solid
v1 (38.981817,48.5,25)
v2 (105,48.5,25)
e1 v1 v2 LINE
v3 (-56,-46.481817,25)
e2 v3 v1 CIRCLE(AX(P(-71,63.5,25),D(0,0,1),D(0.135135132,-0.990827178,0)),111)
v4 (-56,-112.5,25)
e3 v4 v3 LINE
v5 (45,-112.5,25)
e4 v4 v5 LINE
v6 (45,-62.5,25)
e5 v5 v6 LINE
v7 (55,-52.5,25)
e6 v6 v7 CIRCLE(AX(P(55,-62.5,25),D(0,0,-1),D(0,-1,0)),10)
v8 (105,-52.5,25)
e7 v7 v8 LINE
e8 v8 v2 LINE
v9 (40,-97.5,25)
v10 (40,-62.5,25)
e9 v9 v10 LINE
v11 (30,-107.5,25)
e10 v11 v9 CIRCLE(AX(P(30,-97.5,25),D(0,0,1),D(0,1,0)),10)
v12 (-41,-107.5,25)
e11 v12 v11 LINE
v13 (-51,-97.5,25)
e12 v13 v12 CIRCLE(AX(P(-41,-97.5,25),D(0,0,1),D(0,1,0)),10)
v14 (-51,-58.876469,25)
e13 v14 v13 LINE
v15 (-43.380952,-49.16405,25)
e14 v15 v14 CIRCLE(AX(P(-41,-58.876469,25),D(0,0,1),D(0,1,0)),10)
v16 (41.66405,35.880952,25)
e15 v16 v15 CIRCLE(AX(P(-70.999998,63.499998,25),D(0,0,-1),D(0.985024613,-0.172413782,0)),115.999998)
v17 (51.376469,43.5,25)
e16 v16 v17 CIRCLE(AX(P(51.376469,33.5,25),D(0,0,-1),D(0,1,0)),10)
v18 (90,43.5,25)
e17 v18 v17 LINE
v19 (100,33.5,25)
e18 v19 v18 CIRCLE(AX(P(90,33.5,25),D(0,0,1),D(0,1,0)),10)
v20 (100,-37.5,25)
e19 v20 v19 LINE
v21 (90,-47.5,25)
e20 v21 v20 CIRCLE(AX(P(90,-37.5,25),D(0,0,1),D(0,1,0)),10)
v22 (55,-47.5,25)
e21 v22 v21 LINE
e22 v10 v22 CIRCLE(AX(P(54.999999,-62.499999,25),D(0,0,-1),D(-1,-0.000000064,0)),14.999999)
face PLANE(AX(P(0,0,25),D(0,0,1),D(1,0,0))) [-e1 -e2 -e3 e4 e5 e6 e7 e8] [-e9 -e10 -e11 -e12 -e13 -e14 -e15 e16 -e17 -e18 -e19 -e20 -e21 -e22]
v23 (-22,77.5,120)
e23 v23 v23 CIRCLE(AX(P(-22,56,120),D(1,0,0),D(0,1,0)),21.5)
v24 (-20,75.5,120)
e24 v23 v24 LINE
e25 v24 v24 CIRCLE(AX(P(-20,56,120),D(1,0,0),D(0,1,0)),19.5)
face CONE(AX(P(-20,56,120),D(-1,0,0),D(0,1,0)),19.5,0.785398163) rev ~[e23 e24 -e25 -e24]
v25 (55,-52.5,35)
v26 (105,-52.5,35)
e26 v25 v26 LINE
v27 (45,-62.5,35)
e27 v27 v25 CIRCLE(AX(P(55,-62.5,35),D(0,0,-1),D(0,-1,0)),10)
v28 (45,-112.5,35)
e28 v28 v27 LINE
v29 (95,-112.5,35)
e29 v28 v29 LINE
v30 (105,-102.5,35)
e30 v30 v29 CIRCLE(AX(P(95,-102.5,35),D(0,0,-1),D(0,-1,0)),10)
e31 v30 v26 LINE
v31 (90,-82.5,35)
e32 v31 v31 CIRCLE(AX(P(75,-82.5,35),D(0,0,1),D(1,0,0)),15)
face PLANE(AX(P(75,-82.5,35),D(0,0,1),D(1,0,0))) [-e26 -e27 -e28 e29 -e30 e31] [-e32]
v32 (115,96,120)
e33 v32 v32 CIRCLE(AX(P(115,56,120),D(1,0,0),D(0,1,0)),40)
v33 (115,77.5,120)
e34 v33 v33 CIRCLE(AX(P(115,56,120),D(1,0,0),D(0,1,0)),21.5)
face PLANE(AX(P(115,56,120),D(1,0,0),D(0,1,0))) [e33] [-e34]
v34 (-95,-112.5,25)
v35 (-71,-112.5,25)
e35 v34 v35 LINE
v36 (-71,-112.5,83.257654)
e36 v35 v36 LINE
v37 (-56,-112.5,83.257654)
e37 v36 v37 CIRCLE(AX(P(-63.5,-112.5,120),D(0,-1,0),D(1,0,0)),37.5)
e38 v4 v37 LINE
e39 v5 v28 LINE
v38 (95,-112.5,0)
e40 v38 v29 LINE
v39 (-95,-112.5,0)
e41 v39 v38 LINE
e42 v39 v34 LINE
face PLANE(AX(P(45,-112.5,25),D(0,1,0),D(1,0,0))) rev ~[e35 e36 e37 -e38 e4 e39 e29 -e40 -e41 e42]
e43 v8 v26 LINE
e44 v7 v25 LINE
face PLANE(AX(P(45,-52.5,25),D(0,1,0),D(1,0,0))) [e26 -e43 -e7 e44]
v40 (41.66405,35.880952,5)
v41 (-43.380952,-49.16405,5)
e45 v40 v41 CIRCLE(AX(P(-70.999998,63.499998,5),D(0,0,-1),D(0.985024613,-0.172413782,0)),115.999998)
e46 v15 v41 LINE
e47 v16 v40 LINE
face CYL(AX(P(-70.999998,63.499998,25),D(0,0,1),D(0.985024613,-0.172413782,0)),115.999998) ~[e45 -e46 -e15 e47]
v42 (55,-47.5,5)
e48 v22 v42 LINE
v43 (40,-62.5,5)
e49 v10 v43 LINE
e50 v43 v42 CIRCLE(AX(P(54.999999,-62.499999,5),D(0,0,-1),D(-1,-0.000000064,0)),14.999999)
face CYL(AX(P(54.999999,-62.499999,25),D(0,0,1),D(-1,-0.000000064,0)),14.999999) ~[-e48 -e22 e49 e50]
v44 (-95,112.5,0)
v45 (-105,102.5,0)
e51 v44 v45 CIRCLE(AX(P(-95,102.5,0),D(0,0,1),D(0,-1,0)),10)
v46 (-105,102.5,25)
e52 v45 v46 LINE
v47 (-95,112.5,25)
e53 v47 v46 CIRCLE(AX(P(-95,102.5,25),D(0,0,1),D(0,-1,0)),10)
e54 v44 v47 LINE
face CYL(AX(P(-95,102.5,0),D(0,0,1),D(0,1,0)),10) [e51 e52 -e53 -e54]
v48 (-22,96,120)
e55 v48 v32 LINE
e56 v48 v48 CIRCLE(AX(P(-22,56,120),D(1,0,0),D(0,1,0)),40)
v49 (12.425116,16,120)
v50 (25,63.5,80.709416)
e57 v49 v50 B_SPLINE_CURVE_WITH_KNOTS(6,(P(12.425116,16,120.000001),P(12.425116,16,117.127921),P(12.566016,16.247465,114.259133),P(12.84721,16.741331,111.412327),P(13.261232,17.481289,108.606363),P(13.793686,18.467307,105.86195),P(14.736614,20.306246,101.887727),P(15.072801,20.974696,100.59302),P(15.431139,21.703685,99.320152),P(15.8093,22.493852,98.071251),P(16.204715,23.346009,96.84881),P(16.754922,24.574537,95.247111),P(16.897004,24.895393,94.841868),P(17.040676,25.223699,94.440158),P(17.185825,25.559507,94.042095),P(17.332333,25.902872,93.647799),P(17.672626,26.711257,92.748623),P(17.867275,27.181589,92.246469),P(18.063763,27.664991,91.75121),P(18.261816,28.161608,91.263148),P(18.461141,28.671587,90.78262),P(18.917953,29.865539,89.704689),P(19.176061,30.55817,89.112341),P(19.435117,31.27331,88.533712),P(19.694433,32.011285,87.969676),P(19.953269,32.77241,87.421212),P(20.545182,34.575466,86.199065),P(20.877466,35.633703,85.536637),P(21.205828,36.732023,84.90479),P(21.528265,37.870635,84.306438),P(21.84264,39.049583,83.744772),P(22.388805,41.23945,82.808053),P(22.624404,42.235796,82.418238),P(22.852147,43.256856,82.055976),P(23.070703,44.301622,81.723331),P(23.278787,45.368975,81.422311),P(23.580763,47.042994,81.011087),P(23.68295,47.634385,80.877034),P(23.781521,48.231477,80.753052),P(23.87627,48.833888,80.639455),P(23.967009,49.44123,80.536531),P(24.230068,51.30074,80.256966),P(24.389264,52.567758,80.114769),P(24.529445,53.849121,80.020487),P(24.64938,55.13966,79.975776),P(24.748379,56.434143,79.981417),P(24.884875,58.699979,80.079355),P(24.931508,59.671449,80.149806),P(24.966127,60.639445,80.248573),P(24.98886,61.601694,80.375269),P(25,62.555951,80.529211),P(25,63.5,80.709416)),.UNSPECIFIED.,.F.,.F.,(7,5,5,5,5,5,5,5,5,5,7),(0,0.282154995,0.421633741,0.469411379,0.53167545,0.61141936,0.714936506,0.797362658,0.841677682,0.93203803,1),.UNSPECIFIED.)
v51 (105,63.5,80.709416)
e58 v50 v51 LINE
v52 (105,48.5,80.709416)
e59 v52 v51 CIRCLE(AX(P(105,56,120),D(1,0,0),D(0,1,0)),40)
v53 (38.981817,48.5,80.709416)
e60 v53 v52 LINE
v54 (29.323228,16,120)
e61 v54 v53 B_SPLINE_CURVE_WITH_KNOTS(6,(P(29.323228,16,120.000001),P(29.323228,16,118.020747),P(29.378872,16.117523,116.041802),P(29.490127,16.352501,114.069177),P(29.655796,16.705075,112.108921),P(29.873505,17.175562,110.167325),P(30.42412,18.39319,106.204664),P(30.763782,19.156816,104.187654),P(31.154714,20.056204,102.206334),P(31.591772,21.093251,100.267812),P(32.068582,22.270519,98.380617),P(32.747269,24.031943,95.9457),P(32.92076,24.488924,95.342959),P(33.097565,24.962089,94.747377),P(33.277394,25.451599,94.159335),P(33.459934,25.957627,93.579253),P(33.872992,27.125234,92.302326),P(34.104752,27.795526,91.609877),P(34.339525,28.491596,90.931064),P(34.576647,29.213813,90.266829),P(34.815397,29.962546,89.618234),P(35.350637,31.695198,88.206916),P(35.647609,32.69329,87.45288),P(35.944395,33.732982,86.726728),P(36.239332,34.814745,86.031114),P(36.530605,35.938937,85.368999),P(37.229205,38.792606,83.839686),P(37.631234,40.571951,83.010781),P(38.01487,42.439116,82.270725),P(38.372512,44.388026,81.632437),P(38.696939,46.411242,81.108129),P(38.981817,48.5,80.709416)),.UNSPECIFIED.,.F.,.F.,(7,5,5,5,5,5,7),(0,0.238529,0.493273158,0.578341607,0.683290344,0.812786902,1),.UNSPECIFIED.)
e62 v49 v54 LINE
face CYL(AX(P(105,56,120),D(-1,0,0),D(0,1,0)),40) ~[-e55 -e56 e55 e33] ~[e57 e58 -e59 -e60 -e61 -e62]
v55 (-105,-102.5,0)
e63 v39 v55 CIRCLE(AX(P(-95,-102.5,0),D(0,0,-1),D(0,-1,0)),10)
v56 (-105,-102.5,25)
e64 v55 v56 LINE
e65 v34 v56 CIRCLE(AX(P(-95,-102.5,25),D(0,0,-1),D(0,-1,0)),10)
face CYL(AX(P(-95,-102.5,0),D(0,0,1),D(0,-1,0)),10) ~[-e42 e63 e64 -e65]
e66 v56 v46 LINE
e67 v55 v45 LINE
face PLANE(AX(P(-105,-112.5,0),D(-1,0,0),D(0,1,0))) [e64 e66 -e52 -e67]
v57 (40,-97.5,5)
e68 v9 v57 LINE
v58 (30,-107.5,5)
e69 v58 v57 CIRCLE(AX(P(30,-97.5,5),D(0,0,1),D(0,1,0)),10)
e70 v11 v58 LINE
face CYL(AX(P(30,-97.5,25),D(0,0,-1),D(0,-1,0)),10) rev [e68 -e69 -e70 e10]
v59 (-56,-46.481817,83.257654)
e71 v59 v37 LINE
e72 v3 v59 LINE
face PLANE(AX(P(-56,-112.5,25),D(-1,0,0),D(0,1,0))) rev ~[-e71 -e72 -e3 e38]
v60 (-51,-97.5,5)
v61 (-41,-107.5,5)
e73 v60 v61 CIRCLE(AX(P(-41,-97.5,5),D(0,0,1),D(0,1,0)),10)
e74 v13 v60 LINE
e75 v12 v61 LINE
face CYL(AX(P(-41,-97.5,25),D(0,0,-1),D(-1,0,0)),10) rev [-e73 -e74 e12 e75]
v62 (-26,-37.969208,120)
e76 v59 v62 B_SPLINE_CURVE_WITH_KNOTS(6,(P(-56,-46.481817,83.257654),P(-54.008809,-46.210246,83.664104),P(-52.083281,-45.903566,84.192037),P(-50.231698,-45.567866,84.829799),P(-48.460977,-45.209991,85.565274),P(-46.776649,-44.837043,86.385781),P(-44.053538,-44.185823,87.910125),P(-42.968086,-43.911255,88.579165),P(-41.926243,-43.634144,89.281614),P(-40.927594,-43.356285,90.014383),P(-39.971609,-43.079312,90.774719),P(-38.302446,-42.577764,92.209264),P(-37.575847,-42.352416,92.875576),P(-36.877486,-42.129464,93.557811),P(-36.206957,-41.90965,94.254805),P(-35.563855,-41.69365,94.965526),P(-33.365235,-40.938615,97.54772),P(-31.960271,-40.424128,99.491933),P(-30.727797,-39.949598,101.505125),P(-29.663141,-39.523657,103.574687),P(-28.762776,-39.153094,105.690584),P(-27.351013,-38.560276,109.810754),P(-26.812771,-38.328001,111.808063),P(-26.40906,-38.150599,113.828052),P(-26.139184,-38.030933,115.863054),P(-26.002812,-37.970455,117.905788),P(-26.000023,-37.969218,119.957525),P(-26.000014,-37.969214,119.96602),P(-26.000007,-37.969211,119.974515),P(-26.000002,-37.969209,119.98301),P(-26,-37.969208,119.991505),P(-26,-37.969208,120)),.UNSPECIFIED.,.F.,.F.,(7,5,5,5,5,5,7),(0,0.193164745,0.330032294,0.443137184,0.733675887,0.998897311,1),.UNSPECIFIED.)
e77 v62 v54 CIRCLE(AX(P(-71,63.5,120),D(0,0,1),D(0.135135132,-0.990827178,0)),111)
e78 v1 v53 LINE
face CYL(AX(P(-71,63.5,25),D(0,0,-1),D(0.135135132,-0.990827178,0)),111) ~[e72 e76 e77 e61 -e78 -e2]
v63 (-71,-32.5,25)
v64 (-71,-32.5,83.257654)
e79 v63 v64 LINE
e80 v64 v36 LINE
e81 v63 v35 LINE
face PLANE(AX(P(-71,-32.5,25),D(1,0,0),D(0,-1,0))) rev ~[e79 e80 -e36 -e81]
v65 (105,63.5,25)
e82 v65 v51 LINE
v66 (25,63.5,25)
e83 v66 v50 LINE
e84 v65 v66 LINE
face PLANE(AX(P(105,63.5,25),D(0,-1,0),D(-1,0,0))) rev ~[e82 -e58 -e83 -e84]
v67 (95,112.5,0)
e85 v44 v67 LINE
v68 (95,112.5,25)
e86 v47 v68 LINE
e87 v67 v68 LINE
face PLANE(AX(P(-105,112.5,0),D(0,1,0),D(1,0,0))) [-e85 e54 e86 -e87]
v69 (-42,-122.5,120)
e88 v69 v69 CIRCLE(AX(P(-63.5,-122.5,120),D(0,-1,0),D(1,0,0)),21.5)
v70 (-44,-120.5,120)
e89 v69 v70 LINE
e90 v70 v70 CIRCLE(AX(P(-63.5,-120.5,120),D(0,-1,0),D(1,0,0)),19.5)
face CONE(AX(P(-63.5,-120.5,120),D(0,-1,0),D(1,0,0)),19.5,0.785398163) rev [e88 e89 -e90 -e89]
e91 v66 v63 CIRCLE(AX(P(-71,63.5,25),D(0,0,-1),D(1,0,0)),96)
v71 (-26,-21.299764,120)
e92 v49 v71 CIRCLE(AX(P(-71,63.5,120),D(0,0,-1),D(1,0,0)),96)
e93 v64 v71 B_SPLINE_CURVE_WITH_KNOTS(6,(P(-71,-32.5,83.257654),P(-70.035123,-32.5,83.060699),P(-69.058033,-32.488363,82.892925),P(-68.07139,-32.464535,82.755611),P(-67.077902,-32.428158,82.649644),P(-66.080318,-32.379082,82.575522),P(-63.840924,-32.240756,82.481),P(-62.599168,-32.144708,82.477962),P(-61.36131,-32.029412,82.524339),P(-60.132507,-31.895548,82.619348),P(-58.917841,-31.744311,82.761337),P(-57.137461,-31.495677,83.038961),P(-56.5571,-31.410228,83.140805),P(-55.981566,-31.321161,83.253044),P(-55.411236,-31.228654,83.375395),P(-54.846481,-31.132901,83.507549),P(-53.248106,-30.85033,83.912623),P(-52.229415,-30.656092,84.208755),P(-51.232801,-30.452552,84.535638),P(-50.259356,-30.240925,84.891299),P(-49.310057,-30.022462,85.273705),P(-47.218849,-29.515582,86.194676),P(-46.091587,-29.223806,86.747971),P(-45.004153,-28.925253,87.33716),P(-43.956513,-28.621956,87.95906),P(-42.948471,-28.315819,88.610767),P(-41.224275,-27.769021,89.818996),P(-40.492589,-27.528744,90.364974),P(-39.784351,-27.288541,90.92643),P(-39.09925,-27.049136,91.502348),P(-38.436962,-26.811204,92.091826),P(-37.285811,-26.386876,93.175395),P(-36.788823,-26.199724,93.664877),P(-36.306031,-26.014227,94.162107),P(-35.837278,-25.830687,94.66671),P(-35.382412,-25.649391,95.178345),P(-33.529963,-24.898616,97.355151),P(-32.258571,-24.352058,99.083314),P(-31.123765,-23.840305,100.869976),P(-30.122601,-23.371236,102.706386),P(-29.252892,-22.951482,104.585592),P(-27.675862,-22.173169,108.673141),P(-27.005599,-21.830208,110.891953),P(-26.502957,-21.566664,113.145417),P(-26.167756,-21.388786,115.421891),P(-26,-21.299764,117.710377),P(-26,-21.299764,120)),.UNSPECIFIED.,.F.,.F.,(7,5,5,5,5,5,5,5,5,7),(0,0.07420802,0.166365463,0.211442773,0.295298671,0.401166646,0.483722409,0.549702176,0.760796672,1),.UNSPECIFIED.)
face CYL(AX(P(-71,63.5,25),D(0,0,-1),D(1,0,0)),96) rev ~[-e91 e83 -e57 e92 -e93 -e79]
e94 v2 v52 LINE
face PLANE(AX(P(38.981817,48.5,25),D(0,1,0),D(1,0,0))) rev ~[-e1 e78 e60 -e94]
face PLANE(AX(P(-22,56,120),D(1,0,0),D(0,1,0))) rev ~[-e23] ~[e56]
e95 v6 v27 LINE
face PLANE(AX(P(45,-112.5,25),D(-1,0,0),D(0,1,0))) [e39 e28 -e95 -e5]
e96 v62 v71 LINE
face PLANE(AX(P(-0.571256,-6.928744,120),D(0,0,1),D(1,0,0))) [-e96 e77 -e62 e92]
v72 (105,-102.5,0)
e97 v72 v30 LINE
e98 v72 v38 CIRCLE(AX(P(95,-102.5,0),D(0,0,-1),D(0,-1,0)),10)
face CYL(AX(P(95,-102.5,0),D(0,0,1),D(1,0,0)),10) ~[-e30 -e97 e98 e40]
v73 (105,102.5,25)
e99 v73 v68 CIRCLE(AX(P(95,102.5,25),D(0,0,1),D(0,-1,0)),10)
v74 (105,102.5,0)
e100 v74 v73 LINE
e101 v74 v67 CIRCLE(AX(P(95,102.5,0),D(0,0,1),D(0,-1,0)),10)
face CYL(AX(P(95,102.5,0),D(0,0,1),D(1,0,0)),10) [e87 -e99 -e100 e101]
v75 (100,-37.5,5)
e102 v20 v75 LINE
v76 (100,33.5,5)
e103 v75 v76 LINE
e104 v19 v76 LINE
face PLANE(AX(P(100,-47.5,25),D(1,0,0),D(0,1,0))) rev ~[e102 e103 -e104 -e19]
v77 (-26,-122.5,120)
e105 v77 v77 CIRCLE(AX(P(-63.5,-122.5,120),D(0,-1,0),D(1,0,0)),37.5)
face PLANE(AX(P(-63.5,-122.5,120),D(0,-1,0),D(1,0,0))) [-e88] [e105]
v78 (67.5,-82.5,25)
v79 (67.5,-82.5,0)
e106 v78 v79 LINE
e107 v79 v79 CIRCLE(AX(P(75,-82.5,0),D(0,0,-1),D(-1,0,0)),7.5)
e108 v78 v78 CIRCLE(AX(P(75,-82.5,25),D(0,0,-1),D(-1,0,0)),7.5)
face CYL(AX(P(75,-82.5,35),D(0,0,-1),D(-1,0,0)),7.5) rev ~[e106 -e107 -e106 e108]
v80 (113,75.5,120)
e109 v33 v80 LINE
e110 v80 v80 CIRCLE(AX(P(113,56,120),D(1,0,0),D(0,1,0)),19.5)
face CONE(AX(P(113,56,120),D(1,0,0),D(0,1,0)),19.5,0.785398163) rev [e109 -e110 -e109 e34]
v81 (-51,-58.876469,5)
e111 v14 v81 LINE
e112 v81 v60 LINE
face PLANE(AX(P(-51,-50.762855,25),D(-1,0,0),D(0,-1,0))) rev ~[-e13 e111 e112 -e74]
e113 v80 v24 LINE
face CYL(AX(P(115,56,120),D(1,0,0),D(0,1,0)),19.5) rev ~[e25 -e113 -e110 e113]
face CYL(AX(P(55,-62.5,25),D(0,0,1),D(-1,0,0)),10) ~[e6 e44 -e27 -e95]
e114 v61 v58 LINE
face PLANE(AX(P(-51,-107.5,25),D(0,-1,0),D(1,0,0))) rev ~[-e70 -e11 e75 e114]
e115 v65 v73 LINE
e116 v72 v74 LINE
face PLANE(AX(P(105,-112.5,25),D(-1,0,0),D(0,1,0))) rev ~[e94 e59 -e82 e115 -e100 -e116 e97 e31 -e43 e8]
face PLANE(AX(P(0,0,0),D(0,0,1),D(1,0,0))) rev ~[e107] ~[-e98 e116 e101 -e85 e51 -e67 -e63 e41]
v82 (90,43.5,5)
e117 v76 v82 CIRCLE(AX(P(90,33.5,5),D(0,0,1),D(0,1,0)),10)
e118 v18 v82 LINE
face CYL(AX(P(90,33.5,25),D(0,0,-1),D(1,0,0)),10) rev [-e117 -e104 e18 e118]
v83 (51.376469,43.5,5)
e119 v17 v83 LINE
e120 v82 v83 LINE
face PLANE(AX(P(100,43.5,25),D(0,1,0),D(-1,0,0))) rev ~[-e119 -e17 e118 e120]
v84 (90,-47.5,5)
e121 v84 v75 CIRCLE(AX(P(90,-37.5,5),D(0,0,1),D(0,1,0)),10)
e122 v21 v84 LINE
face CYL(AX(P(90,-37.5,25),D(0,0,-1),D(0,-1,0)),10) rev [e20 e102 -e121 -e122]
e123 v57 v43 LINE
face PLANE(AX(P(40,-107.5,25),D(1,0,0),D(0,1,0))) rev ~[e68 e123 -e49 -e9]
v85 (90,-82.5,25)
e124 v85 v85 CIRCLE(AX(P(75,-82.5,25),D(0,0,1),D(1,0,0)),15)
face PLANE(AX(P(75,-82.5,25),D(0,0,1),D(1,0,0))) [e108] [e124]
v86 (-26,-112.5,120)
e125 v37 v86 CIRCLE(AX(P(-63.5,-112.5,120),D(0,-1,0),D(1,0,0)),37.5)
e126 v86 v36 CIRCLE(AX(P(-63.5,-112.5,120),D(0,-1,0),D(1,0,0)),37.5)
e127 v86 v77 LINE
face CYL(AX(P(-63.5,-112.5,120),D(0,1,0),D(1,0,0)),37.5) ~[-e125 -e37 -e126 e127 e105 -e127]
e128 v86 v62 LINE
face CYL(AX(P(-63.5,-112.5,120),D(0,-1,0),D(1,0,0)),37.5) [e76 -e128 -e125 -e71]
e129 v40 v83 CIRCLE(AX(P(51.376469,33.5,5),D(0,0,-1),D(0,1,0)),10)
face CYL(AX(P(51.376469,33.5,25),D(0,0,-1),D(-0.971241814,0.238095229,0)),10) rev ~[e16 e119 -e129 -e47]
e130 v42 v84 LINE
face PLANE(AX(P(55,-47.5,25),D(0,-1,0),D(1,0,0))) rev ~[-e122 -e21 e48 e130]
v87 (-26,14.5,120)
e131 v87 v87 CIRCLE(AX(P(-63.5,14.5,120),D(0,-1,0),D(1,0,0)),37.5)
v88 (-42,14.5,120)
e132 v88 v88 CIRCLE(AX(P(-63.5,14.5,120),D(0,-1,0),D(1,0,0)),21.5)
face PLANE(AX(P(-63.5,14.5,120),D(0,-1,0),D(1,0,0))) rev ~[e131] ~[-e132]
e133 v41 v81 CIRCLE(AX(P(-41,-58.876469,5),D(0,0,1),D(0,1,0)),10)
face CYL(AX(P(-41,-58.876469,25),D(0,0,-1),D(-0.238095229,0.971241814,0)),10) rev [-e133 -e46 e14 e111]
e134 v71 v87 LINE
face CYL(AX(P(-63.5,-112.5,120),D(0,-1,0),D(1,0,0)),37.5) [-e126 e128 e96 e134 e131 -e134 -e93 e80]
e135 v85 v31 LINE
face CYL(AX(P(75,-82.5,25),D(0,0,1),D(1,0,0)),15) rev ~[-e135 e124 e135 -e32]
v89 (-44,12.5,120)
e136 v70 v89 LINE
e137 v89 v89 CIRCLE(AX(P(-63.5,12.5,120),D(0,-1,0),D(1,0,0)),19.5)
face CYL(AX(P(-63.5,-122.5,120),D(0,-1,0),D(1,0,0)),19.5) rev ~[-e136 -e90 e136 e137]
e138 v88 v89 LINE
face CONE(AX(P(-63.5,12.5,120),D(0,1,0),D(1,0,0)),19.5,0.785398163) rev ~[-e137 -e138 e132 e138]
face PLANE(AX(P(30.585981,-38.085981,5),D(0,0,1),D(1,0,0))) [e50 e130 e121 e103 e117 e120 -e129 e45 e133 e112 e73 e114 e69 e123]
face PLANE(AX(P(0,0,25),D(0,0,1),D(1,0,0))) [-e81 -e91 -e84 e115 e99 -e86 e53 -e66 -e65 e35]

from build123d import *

# Parameters (mm, degrees)
F0_W            = 210
F0_H            = 225
F1_DEPTH        = 25
F3_DEPTH        = 95
F4_R            = 37.5
F5_DEPTH        = 10
F5_DEPTH_BACK   = 127
F6_R            = 40
F7_DEPTH        = 10
F7_DEPTH_BACK   = 127
F8_W            = 60
F8_H            = 60
F9_DEPTH        = 10
F10_R           = 10
F12_DEPTH       = 20
F14_D           = 15
F14_CBORE_D     = 30
F14_CBORE_DEPTH = 10
F15_R           = 10
F16_R           = 19.5
F17_DEPTH       = 235.001
F18_R           = 19.5
F19_DEPTH       = 220.001
F20_SIZE        = 2
F21_R           = 10


with BuildPart() as f1:
    # F0 (on Top) → F1 (new body)
    with BuildSketch(Plane.XY):
        Rectangle(F0_W, F0_H)
    extrude(amount=F1_DEPTH)

    # F2 (on face) → F3 (join)
    with BuildSketch(Plane.XY.offset(25)):
        with BuildLine():
            Line((-71, -32.5), (-71, -112.5))
            Line((-71, -112.5), (-56, -112.5))
            Line((-56, -112.5), (-56, -46.481817))
            ThreePointArc((-56, -46.481817), (7.488853, -14.988853), (38.981817, 48.5))
            Line((38.981817, 48.5), (105, 48.5))
            Line((105, 48.5), (105, 63.5))
            Line((105, 63.5), (25, 63.5))
            ThreePointArc((25, 63.5), (-3.117749, -4.382251), (-71, -32.5))
        make_face()
    extrude(amount=F3_DEPTH)

    # F4 (on face) → F5 (join, two sides)
    with BuildSketch(Plane.XZ.offset(112.5)) as f5_sk:
        with Locations((-63.5, 120)):
            Circle(F4_R)
    extrude(amount=F5_DEPTH)
    extrude(f5_sk.sketch, amount=-F5_DEPTH_BACK)

    # F6 (on face) → F7 (join, two sides)
    with BuildSketch(Plane.YZ.offset(105)) as f7_sk:
        with Locations((56, 120)):
            Circle(F6_R)
    extrude(amount=F7_DEPTH)
    extrude(f7_sk.sketch, amount=-F7_DEPTH_BACK)

    # F8 (on face) → F9 (join)
    with BuildSketch(Plane.XY.offset(25)):
        with Locations((75, -82.5)):
            Rectangle(F8_W, F8_H)
    extrude(amount=F9_DEPTH)

    # F10
    f10_edges = [f1.edges().sort_by_distance(p)[0] for p in [
        (45, -52.5, 30),
    ]]
    fillet(f10_edges, radius=F10_R)

    # F11 (on face) → F12 (cut)
    with BuildSketch(Plane.XY.offset(25)):
        with BuildLine():
            ThreePointArc((43.262855, 43.5), (11.024387, -18.524387), (-51, -50.762855))
            Line((-51, -50.762855), (-51, -107.5))
            Line((-51, -107.5), (40, -107.5))
            Line((40, -107.5), (40, -62.5))
            ThreePointArc((40, -62.5), (44.393398, -51.893398), (55, -47.5))
            Line((55, -47.5), (100, -47.5))
            Line((100, -47.5), (100, 43.5))
            Line((100, 43.5), (43.262855, 43.5))
        make_face()
    extrude(amount=-F12_DEPTH, mode=Mode.SUBTRACT)

    # F14 (through all)
    with Locations(Plane.XY.offset(35)):
        with Locations((75, -82.5)):
            CounterBoreHole(F14_D / 2, F14_CBORE_D / 2, F14_CBORE_DEPTH)

    # F15
    f15_edges = [f1.edges().sort_by_distance(p)[0] for p in [
        (-51, -50.762855, 15),
        (43.262855, 43.5, 15),
        (100, 43.5, 15),
        (40, -107.5, 15),
        (100, -47.5, 15),
        (-51, -107.5, 15),
    ]]
    fillet(f15_edges, radius=F15_R)

    # F16 (on face) → F17 (cut, through all)
    with BuildSketch(Plane.XZ.offset(122.5)):
        with Locations((-63.5, 120)):
            Circle(F16_R)
    extrude(amount=-F17_DEPTH, mode=Mode.SUBTRACT)

    # F18 (on face) → F19 (cut, through all)
    with BuildSketch(Plane.YZ.offset(115)):
        with Locations((56, 120)):
            Circle(F18_R)
    extrude(amount=-F19_DEPTH, mode=Mode.SUBTRACT)

    # F20
    f20_edges = [f1.edges().sort_by_distance(p)[0] for p in [
        (-83, -122.5, 120),
        (115, 36.5, 120),
        (-22, 36.5, 120),
        (-83, 14.5, 120),
    ]]
    chamfer(f20_edges, length=F20_SIZE)

    # F21
    f21_edges = [f1.edges().sort_by_distance(p)[0] for p in [
        (-105, 112.5, 12.5),
        (-105, -112.5, 12.5),
        (105, 112.5, 12.5),
        (105, -112.5, 17.5),
    ]]
    fillet(f21_edges, radius=F21_R)


solid = f1.part
